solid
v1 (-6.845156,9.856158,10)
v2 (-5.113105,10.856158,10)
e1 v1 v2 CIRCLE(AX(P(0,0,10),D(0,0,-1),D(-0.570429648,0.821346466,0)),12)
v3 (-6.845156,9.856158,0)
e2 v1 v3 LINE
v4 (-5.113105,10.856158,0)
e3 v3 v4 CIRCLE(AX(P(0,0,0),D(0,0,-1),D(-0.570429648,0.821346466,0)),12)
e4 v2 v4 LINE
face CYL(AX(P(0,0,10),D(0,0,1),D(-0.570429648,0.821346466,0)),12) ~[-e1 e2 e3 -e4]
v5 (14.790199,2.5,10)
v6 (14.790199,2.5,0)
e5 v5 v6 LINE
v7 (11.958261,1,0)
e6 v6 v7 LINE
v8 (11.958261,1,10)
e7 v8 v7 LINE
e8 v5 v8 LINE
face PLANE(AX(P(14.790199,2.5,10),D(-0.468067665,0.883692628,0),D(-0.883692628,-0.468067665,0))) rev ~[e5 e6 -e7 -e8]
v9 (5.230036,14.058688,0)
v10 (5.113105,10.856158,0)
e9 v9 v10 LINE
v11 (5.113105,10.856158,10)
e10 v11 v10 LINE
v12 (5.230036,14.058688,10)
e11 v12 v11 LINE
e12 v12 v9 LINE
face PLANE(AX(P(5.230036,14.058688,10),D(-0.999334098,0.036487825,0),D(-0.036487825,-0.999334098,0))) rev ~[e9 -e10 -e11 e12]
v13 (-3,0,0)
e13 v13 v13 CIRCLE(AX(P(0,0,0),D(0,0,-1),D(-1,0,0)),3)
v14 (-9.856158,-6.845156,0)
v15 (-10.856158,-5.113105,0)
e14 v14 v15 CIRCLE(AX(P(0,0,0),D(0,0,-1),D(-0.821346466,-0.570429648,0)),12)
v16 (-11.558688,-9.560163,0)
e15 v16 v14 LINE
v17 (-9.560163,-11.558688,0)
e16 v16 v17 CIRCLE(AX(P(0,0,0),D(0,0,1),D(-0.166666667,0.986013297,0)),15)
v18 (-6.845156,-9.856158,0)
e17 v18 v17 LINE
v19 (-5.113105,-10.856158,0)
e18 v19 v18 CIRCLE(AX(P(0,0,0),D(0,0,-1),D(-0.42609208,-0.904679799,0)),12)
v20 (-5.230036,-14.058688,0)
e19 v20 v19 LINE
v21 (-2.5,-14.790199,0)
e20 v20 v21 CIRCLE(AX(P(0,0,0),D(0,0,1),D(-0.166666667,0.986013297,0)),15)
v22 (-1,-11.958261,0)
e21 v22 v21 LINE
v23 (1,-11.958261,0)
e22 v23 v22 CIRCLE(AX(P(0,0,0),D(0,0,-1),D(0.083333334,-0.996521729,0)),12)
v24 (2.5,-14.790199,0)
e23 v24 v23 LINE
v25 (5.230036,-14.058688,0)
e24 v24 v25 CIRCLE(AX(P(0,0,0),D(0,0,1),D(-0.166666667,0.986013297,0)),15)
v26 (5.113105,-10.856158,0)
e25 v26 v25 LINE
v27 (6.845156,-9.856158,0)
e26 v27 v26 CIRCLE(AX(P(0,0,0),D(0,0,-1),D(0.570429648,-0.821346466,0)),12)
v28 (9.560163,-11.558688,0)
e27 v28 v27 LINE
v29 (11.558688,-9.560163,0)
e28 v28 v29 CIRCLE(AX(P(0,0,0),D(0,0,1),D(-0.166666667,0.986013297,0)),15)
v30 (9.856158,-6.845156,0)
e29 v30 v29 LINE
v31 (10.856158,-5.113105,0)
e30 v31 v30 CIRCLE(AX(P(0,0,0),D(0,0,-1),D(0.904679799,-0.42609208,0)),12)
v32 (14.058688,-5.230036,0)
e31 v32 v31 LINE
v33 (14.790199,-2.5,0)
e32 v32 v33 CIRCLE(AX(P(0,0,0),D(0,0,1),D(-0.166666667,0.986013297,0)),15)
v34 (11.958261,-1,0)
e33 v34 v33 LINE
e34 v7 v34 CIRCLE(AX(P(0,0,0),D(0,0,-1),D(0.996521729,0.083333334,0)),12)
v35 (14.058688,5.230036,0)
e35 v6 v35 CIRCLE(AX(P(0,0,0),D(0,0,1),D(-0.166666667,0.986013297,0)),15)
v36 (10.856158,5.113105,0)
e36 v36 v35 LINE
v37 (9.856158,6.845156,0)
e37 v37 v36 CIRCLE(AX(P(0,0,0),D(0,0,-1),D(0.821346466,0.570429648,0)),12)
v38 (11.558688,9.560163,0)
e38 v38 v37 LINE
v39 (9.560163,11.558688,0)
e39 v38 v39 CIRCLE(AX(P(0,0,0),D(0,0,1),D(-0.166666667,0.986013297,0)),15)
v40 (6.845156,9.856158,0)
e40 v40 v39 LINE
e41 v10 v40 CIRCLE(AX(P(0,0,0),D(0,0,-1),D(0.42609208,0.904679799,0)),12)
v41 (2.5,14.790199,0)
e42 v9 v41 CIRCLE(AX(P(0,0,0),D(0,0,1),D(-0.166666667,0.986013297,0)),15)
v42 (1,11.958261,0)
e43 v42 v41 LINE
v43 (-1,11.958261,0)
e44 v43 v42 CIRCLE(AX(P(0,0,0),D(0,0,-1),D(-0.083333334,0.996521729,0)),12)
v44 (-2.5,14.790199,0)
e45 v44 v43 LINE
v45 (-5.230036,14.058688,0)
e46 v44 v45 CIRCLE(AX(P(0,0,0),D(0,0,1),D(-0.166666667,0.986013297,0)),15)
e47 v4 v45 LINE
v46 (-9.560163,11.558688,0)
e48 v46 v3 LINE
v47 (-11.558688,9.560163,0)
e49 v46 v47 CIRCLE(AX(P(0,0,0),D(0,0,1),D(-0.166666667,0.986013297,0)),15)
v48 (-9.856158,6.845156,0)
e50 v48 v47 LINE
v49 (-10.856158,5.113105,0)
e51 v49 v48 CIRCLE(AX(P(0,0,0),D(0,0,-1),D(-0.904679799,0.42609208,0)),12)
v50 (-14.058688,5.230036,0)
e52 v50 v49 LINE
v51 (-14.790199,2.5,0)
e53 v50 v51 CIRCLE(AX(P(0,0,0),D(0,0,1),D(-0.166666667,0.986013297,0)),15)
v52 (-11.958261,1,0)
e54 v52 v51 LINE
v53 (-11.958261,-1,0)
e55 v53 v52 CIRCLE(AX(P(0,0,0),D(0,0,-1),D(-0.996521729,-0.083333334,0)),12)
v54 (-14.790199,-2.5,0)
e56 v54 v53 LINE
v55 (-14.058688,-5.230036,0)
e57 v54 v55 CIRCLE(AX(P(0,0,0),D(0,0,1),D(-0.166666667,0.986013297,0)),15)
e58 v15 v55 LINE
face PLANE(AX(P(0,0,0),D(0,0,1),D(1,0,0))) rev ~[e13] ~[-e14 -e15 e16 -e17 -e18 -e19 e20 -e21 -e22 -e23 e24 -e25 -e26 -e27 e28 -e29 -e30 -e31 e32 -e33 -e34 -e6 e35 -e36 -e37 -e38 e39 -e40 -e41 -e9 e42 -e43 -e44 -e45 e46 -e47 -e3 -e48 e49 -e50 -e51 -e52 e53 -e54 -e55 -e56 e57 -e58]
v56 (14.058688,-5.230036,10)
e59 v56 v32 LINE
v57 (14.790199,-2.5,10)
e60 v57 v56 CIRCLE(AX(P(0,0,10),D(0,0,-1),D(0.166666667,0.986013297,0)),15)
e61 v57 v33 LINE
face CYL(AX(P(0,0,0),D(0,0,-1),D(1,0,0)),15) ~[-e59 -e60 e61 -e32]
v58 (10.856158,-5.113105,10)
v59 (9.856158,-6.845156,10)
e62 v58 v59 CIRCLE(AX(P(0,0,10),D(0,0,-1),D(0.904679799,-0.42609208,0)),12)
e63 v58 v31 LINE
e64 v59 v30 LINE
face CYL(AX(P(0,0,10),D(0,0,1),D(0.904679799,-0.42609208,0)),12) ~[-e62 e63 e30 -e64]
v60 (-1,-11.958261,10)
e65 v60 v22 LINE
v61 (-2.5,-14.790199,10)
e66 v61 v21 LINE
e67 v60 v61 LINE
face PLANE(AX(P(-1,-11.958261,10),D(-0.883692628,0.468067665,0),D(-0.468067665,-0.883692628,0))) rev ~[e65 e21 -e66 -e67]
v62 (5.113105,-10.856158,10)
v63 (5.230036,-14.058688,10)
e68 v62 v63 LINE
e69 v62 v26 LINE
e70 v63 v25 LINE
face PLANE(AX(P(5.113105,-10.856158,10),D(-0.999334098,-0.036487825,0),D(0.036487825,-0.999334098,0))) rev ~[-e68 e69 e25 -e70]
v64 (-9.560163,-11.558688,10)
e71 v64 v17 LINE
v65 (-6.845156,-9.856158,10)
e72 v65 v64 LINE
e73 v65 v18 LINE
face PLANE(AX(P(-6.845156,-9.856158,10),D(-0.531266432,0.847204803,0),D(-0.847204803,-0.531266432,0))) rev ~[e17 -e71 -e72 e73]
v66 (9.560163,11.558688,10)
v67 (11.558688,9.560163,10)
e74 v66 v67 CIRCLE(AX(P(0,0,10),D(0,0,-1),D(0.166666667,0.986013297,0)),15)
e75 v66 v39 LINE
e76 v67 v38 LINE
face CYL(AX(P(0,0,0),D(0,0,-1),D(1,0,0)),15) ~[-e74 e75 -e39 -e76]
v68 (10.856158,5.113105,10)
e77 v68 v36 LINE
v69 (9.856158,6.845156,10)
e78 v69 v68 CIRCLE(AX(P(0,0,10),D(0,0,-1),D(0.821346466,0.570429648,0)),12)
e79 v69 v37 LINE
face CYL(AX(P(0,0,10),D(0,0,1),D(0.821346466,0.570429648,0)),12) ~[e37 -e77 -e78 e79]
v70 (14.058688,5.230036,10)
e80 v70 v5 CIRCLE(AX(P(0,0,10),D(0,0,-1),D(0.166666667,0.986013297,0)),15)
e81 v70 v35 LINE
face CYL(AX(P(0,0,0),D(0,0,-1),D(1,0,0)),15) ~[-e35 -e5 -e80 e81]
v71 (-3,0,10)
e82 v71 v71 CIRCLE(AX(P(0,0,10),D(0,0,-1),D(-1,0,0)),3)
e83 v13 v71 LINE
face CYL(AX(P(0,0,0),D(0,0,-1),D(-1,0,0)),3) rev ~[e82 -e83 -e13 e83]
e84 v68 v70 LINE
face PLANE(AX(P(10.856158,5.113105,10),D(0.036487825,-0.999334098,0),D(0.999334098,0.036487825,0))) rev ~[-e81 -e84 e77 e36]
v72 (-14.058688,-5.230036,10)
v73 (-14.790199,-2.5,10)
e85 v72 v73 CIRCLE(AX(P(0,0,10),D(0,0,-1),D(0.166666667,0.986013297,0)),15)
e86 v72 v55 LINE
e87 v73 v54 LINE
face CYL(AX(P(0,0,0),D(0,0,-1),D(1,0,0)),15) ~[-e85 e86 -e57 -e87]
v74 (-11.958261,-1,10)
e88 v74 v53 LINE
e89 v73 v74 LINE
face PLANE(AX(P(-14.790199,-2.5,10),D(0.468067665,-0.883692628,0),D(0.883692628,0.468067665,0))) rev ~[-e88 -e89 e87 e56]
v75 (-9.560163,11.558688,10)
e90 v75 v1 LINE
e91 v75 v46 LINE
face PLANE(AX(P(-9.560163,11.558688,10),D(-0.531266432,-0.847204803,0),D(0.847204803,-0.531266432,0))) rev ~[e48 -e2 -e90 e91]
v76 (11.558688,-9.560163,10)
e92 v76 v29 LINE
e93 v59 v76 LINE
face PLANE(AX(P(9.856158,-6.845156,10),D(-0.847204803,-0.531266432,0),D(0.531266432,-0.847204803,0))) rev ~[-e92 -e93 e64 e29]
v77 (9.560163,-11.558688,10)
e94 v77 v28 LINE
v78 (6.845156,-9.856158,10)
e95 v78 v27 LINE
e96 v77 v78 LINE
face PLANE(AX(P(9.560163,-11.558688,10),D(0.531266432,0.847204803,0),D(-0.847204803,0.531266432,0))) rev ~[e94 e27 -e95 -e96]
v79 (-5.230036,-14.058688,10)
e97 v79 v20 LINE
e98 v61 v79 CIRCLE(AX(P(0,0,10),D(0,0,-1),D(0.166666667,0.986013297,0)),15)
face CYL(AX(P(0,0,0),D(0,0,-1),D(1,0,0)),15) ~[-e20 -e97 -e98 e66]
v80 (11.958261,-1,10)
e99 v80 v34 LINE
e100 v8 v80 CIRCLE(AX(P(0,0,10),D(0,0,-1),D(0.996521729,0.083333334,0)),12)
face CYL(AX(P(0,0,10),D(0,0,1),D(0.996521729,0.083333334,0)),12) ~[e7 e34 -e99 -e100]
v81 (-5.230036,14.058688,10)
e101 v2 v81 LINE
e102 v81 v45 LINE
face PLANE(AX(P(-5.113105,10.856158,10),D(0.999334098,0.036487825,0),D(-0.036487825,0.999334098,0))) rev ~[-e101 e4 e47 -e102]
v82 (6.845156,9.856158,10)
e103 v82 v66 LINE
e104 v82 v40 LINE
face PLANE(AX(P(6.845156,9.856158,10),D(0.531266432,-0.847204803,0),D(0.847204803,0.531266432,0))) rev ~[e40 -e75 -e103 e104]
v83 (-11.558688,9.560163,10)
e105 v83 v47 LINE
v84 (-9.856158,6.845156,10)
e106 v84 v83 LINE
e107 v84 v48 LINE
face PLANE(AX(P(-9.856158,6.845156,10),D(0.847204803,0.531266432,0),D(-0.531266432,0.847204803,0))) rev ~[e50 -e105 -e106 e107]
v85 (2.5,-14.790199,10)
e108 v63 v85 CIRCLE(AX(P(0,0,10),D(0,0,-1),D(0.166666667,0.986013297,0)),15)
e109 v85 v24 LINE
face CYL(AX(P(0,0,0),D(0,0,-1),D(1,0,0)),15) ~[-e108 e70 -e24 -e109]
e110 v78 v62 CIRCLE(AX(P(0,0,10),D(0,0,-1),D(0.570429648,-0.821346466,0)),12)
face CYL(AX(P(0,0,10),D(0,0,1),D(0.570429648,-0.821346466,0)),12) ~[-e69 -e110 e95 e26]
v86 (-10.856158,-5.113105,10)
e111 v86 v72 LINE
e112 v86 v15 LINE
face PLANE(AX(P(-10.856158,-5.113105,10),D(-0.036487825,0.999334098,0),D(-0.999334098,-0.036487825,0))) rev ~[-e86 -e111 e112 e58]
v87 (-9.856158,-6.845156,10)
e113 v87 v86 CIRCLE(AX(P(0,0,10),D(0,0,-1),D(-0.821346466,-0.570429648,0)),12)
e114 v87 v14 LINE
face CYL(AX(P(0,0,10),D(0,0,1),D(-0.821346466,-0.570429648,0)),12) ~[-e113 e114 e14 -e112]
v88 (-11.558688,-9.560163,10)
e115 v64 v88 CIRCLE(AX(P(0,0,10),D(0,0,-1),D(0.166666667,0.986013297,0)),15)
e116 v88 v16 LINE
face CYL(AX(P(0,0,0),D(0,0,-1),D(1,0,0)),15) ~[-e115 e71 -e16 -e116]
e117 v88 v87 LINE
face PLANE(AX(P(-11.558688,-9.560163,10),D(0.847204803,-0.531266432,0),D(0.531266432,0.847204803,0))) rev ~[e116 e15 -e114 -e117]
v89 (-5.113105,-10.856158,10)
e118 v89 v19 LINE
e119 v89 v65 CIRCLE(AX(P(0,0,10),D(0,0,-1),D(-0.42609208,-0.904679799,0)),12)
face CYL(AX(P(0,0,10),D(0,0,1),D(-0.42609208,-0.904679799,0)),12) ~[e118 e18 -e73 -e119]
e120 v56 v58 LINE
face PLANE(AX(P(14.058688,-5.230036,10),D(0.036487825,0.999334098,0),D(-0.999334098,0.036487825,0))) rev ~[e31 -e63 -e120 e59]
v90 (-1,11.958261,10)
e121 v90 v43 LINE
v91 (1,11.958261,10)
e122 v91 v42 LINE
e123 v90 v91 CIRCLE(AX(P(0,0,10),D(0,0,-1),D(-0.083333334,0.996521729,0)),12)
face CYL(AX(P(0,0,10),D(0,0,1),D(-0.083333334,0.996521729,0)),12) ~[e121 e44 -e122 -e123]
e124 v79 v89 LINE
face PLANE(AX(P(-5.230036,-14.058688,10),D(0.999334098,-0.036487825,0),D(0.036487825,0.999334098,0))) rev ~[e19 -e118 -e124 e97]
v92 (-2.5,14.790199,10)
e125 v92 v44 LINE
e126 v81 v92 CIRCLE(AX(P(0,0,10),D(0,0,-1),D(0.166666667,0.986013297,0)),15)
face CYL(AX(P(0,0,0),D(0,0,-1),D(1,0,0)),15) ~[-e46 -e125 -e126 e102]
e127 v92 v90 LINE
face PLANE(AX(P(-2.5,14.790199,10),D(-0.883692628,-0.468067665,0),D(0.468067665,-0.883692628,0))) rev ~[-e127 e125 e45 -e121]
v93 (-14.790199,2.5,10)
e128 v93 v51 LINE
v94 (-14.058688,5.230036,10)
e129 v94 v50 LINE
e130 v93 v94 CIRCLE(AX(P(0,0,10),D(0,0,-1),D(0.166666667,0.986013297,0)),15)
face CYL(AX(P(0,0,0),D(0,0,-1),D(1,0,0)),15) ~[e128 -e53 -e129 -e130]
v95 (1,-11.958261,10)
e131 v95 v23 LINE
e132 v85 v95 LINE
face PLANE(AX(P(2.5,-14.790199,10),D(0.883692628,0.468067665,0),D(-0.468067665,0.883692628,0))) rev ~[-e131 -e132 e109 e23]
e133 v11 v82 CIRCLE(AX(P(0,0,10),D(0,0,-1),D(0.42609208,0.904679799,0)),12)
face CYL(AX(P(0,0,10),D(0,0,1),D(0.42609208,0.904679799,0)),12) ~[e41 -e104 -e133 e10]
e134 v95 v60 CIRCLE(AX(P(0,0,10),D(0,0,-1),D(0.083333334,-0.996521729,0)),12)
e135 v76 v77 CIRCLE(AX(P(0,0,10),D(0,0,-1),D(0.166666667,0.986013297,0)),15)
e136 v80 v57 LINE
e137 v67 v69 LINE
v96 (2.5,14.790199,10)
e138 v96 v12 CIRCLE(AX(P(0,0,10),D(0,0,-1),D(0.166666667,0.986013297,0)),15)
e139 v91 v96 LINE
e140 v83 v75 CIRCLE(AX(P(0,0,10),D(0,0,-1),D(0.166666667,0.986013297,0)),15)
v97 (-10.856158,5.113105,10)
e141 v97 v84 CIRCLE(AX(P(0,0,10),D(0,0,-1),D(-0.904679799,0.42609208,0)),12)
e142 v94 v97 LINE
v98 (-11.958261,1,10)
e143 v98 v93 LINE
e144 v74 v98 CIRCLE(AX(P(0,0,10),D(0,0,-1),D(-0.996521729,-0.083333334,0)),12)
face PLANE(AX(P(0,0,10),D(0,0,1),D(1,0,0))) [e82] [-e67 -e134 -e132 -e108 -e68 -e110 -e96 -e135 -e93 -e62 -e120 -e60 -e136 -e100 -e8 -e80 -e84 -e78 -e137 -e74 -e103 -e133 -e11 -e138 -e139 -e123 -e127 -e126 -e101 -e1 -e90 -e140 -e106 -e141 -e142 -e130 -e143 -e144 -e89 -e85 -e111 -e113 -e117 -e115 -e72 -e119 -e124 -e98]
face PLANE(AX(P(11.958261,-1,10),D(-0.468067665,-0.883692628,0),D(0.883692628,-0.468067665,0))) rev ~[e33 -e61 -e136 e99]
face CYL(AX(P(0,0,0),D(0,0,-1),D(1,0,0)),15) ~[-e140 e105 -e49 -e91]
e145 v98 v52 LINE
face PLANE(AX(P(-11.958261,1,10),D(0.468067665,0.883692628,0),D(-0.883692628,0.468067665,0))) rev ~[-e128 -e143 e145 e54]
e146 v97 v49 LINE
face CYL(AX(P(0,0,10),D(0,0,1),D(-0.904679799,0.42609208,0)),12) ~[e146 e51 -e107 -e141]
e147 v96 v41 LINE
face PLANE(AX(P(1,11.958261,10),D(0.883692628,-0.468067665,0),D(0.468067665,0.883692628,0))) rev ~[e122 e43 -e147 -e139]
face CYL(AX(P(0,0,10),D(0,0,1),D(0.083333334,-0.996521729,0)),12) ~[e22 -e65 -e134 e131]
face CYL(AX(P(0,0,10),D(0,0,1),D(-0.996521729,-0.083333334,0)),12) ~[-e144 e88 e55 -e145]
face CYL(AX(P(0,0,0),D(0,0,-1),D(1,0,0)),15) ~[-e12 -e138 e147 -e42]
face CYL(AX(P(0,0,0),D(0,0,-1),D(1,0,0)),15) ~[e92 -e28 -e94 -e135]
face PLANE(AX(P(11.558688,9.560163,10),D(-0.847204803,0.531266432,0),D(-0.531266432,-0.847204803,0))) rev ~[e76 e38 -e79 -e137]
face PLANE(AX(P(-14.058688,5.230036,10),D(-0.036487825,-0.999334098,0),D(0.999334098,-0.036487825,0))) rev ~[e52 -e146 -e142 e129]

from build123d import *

# Parameters (mm, degrees)
SKETCH1_R           = 15
BOSS_EXTRUDE1_DEPTH = 10
CUT_EXTRUDE1_DEPTH  = 10
CIRPATTERN1_COUNT   = 12
SKETCH3_R           = 3
CUT_EXTRUDE2_DEPTH  = 11


with BuildPart() as part:
    # Sketch1 → Boss-Extrude1 (new body)
    with BuildSketch(Plane.XY):
        Circle(SKETCH1_R)
    extrude(amount=BOSS_EXTRUDE1_DEPTH)

    # Sketch2 → Cut-Extrude1 (cut)
    with BuildSketch(Plane.XY.offset(10)):
        with BuildLine():
            Line((-2.5, 14.790199458), (-1, 11.958260743))
            ThreePointArc((-1, 11.958260743), (0, 12), (1, 11.958260743))
            Line((1, 11.958260743), (2.5, 14.790199458))
            ThreePointArc((2.5, 14.790199458), (0, 15), (-2.5, 14.790199458))
        make_face()
    cut_extrude1 = extrude(amount=-CUT_EXTRUDE1_DEPTH, mode=Mode.SUBTRACT)

    # CirPattern1: Cut-Extrude1 ×12 about axis
    cirpattern1_axis = Axis((0, 0, 0), (0, 0, 1))
    for i in range(1, CIRPATTERN1_COUNT):
        add(cut_extrude1.rotate(cirpattern1_axis, i * 360 / CIRPATTERN1_COUNT), mode=Mode.SUBTRACT)

    # Sketch3 → Cut-Extrude2 (cut, through all)
    with BuildSketch(Plane(origin=(0, 0, 0), x_dir=(-1, 0, 0), z_dir=(0, 0, -1))):
        Circle(SKETCH3_R)
    extrude(amount=-CUT_EXTRUDE2_DEPTH, mode=Mode.SUBTRACT)


solid = part.part
